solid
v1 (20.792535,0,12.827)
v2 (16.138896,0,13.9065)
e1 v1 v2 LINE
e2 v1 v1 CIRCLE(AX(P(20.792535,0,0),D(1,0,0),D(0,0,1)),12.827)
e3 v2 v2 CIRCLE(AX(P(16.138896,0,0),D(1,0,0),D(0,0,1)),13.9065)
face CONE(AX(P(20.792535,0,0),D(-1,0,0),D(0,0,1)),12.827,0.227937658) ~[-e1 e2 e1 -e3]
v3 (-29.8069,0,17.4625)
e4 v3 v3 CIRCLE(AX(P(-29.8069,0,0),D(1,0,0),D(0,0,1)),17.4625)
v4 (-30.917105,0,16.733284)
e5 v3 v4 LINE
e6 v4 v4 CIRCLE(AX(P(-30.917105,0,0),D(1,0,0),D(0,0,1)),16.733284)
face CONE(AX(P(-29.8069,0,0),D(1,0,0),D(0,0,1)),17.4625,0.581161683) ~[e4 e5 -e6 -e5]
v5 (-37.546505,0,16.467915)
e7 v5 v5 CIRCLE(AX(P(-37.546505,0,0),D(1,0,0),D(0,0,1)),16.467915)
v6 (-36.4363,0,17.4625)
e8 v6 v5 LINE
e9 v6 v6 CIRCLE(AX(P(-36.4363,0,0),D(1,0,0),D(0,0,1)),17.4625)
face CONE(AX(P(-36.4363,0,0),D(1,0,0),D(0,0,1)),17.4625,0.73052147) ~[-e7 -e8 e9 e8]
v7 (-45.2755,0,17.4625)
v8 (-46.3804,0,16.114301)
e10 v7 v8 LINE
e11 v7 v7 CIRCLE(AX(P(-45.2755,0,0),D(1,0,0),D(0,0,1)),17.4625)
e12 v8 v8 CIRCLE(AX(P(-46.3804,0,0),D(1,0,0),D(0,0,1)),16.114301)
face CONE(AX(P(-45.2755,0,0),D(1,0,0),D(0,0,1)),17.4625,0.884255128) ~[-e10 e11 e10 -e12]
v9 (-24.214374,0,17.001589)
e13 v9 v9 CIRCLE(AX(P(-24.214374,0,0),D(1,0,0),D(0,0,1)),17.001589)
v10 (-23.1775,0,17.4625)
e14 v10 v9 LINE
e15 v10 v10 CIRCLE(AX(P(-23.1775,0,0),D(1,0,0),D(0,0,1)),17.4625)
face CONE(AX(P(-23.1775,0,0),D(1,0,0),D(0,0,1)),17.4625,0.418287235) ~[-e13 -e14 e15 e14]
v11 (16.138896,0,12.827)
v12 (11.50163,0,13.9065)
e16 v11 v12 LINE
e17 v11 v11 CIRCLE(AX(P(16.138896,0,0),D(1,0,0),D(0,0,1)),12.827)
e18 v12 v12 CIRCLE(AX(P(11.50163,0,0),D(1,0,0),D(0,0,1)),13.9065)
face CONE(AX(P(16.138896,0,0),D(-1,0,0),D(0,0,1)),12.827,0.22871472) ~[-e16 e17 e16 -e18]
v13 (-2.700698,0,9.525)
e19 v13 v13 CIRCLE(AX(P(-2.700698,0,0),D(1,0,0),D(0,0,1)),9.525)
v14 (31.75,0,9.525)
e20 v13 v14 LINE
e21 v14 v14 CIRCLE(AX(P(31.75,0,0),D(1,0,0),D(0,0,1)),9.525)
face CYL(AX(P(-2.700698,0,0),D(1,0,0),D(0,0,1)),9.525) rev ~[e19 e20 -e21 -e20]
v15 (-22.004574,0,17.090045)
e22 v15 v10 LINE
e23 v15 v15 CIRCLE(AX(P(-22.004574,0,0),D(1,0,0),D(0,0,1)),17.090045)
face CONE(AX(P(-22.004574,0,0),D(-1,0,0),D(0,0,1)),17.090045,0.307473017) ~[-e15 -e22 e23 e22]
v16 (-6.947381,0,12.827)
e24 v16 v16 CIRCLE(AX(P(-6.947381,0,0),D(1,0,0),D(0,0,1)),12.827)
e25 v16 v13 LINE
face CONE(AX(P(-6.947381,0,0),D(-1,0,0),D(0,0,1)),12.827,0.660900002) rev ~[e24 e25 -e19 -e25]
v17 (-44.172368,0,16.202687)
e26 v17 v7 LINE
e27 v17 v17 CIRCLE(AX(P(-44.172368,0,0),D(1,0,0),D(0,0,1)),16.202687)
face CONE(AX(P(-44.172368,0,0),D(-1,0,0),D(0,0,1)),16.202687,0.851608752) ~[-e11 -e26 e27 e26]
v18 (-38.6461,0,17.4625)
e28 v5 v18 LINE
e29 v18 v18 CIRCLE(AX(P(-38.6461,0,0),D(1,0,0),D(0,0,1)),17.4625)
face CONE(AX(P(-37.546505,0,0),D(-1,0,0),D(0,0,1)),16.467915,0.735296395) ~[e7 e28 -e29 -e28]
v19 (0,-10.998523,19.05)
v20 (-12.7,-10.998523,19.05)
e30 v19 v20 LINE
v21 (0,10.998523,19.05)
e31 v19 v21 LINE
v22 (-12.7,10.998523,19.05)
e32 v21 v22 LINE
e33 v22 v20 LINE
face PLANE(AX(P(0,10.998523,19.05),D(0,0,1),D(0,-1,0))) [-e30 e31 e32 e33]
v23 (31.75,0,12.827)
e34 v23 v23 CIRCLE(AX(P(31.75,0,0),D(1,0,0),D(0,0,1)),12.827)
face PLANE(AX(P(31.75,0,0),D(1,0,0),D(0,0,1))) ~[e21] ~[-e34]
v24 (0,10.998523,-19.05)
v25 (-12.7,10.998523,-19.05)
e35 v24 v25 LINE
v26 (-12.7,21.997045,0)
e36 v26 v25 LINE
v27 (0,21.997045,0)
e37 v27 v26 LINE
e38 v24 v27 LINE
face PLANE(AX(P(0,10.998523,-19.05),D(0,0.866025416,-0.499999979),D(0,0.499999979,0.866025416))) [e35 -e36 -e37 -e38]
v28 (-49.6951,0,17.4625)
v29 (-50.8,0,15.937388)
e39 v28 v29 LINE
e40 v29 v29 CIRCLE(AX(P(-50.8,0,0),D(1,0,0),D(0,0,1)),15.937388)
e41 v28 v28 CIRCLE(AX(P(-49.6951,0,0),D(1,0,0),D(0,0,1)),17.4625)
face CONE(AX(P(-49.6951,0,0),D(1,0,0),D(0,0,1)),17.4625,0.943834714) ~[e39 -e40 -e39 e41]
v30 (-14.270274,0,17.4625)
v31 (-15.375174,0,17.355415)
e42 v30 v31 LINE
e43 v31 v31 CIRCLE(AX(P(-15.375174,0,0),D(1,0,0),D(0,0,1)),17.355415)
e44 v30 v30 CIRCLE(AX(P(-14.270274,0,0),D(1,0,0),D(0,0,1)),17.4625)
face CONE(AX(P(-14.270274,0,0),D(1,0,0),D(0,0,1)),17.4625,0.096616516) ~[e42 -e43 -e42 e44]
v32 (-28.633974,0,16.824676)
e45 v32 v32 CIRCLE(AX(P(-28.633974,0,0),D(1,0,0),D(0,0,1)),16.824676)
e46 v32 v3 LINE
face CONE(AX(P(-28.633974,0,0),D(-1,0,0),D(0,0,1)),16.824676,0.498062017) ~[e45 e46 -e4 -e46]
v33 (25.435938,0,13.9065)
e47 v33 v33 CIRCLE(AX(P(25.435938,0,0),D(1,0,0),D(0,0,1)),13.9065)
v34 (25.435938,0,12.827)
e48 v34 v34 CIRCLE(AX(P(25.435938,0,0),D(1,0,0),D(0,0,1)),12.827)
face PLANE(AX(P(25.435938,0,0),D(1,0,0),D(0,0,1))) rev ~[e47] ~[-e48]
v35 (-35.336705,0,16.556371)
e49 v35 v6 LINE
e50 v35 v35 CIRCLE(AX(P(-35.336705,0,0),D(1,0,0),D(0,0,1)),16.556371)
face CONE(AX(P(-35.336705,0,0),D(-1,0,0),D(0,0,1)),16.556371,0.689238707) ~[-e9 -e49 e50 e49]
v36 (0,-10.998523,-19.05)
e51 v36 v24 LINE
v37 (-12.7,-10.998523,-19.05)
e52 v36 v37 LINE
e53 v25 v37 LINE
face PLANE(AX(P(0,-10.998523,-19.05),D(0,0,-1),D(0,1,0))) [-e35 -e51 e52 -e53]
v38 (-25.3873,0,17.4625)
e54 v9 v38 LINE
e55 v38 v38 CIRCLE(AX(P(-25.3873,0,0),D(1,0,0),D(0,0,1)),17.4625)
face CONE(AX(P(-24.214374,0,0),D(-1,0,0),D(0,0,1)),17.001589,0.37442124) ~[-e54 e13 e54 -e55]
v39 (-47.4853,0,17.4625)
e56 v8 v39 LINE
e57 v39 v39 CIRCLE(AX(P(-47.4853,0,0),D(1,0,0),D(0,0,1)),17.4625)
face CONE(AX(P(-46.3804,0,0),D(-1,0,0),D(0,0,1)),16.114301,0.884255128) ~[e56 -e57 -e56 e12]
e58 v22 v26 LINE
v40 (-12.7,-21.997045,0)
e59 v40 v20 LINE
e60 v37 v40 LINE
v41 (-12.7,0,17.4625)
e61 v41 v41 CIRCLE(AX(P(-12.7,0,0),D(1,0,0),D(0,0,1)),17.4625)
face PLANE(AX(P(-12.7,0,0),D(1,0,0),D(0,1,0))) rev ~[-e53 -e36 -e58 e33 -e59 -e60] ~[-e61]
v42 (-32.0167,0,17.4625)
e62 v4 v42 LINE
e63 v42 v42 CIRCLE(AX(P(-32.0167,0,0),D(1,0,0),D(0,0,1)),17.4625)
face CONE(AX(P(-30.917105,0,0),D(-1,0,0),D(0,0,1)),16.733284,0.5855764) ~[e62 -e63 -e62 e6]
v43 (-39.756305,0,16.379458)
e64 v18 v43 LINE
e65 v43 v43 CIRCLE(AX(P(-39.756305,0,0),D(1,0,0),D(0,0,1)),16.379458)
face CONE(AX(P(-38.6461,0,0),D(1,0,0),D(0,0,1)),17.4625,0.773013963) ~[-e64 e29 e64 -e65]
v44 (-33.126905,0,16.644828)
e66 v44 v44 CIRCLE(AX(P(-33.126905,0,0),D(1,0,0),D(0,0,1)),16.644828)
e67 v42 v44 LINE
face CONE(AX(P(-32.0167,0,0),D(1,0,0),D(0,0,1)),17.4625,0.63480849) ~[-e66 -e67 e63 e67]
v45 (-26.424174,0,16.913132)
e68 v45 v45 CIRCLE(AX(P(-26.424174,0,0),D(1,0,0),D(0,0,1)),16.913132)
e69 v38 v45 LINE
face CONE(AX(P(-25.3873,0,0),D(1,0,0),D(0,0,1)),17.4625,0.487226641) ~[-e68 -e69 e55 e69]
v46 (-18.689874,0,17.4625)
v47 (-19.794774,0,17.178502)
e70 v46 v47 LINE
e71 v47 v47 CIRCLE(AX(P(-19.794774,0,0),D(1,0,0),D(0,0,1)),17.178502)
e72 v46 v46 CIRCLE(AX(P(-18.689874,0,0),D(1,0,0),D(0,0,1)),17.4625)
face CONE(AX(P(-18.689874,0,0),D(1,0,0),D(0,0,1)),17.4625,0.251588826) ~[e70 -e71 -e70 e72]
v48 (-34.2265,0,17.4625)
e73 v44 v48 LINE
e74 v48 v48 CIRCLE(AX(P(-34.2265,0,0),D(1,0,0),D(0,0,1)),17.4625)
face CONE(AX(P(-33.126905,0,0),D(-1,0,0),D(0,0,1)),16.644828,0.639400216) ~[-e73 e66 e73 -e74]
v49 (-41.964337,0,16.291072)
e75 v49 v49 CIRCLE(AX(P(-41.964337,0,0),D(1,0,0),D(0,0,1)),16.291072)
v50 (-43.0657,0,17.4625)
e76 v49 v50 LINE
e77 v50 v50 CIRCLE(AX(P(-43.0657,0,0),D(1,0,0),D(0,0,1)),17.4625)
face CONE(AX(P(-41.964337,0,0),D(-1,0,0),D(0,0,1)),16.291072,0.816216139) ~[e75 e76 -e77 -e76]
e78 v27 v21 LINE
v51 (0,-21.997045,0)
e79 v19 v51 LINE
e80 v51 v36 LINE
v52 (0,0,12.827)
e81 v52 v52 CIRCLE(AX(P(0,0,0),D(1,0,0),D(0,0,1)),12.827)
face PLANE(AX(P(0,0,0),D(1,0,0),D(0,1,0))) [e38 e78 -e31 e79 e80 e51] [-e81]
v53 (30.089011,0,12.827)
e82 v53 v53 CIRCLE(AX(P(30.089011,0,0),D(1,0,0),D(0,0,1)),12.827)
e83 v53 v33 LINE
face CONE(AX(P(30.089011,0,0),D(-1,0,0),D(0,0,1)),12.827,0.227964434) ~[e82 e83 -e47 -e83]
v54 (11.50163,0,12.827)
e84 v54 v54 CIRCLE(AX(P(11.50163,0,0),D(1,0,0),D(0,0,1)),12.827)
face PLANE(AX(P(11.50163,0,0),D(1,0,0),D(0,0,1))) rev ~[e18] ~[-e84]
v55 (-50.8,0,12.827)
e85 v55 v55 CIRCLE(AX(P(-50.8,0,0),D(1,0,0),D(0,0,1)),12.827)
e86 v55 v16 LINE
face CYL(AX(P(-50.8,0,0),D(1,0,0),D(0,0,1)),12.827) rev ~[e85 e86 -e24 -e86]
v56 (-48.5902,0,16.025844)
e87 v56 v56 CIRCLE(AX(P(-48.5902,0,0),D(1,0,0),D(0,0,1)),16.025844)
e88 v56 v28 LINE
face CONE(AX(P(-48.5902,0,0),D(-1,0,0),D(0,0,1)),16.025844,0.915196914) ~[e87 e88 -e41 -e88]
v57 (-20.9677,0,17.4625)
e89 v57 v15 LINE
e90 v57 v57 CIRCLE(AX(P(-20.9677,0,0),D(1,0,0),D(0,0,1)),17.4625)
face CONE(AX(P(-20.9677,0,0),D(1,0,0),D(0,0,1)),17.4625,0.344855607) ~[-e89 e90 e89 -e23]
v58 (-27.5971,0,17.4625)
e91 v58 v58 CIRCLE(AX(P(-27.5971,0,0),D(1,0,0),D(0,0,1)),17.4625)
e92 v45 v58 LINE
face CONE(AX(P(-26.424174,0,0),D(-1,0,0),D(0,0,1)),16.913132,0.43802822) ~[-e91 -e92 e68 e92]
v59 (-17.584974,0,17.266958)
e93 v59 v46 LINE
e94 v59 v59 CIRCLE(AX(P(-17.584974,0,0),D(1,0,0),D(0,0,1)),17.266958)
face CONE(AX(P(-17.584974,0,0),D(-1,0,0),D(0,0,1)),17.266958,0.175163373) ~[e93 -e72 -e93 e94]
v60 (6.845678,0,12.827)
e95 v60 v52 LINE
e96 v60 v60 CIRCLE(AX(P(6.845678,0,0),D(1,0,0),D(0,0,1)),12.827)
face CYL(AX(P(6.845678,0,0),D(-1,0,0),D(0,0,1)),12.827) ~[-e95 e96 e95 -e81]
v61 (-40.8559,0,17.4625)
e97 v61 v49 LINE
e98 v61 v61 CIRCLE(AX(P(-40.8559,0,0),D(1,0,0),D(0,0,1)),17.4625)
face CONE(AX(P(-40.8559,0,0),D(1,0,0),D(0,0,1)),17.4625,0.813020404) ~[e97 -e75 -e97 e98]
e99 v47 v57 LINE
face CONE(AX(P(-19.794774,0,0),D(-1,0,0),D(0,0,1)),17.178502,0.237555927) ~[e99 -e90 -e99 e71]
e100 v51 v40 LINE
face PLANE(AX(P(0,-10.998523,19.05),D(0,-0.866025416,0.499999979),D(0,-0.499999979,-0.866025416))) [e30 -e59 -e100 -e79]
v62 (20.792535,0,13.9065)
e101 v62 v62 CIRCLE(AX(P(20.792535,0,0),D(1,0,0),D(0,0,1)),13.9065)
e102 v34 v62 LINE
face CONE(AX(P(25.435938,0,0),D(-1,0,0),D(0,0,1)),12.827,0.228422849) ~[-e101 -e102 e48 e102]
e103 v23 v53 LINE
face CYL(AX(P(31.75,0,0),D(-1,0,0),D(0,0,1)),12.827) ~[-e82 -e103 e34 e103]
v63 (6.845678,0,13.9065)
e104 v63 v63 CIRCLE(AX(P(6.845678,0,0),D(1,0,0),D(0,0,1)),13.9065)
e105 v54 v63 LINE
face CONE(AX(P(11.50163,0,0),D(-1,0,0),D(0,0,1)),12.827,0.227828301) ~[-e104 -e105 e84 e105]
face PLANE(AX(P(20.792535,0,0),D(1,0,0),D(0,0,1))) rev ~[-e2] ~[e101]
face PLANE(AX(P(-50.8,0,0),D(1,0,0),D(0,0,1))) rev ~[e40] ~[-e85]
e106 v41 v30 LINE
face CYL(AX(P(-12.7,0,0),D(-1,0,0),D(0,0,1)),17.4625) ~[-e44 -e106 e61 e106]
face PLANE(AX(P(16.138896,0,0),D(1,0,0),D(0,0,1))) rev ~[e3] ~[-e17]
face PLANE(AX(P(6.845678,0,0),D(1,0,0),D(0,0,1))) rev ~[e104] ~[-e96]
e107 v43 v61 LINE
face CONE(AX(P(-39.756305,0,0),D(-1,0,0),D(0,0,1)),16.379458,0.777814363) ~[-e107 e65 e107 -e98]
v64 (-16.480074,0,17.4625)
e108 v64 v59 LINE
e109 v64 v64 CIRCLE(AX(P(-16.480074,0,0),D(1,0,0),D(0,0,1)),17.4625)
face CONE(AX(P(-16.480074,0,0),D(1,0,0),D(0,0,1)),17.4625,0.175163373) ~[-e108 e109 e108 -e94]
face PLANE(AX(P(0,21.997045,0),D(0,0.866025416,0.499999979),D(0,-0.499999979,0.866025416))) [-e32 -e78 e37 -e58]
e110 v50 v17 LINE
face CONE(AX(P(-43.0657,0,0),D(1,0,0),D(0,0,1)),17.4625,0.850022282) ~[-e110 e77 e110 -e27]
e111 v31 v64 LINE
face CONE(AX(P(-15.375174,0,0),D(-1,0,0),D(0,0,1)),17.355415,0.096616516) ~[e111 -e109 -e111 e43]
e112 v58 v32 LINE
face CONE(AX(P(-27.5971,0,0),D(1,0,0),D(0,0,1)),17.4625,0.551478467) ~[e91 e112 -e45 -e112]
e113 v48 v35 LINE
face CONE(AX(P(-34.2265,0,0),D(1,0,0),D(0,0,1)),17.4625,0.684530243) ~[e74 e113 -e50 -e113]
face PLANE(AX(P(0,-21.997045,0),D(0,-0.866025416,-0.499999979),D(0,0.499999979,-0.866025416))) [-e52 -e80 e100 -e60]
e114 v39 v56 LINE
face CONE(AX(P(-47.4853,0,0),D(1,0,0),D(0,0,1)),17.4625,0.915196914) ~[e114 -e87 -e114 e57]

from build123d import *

# Parameters (mm, degrees)
F2_R     = 13.989473
F3_DEPTH = 12.7


with BuildPart() as f1:
    # F0 (on Front) → F1 (revolve)
    with BuildSketch(Plane.XZ):
        Polygon((31.75, 9.525), (31.75, 12.827), (30.089011, 12.827), (25.435938, 13.9065), (25.435938, 12.827), (20.792535, 13.9065), (20.792535, 12.827), (16.138896, 13.9065), (16.138896, 12.827), (11.50163, 13.9065), (11.50163, 12.827), (6.845678, 13.9065), (6.845678, 12.827), (0, 12.827), (0, 19.05), (-12.7, 19.05), (-12.7, 17.4625), (-14.270274, 17.4625), (-15.375174, 17.355415), (-16.480074, 17.4625), (-17.584974, 17.266958), (-18.689874, 17.4625), (-19.794774, 17.178502), (-20.9677, 17.4625), (-22.004574, 17.090045), (-23.1775, 17.4625), (-24.214374, 17.001589), (-25.3873, 17.4625), (-26.424174, 16.913132), (-27.5971, 17.4625), (-28.633974, 16.824676), (-29.8069, 17.4625), (-30.917105, 16.733284), (-32.0167, 17.4625), (-33.126905, 16.644828), (-34.2265, 17.4625), (-35.336705, 16.556371), (-36.4363, 17.4625), (-37.546505, 16.467915), (-38.6461, 17.4625), (-39.756305, 16.379458), (-40.8559, 17.4625), (-41.964337, 16.291072), (-43.0657, 17.4625), (-44.172368, 16.202687), (-45.2755, 17.4625), (-46.3804, 16.114301), (-47.4853, 17.4625), (-48.5902, 16.025844), (-49.6951, 17.4625), (-50.8, 15.937388), (-50.8, 13.9065), (-50.8, 12.827), (-6.947381, 12.827), (-2.700698, 9.525), (0, 9.525), align=None)
    revolve(axis=Axis((-35.757494, 0, 0), (1, 0, 0)))

    # F2 (on face) → F3 (join)
    with BuildSketch(Plane.YZ):
        Polygon((10.998523, 19.05), (-10.998523, 19.05), (-21.997045, 0), (-10.998523, -19.05), (10.998523, -19.05), (21.997045, 0), align=None)
        Circle(F2_R, mode=Mode.SUBTRACT)
    extrude(amount=-F3_DEPTH)


solid = f1.part
